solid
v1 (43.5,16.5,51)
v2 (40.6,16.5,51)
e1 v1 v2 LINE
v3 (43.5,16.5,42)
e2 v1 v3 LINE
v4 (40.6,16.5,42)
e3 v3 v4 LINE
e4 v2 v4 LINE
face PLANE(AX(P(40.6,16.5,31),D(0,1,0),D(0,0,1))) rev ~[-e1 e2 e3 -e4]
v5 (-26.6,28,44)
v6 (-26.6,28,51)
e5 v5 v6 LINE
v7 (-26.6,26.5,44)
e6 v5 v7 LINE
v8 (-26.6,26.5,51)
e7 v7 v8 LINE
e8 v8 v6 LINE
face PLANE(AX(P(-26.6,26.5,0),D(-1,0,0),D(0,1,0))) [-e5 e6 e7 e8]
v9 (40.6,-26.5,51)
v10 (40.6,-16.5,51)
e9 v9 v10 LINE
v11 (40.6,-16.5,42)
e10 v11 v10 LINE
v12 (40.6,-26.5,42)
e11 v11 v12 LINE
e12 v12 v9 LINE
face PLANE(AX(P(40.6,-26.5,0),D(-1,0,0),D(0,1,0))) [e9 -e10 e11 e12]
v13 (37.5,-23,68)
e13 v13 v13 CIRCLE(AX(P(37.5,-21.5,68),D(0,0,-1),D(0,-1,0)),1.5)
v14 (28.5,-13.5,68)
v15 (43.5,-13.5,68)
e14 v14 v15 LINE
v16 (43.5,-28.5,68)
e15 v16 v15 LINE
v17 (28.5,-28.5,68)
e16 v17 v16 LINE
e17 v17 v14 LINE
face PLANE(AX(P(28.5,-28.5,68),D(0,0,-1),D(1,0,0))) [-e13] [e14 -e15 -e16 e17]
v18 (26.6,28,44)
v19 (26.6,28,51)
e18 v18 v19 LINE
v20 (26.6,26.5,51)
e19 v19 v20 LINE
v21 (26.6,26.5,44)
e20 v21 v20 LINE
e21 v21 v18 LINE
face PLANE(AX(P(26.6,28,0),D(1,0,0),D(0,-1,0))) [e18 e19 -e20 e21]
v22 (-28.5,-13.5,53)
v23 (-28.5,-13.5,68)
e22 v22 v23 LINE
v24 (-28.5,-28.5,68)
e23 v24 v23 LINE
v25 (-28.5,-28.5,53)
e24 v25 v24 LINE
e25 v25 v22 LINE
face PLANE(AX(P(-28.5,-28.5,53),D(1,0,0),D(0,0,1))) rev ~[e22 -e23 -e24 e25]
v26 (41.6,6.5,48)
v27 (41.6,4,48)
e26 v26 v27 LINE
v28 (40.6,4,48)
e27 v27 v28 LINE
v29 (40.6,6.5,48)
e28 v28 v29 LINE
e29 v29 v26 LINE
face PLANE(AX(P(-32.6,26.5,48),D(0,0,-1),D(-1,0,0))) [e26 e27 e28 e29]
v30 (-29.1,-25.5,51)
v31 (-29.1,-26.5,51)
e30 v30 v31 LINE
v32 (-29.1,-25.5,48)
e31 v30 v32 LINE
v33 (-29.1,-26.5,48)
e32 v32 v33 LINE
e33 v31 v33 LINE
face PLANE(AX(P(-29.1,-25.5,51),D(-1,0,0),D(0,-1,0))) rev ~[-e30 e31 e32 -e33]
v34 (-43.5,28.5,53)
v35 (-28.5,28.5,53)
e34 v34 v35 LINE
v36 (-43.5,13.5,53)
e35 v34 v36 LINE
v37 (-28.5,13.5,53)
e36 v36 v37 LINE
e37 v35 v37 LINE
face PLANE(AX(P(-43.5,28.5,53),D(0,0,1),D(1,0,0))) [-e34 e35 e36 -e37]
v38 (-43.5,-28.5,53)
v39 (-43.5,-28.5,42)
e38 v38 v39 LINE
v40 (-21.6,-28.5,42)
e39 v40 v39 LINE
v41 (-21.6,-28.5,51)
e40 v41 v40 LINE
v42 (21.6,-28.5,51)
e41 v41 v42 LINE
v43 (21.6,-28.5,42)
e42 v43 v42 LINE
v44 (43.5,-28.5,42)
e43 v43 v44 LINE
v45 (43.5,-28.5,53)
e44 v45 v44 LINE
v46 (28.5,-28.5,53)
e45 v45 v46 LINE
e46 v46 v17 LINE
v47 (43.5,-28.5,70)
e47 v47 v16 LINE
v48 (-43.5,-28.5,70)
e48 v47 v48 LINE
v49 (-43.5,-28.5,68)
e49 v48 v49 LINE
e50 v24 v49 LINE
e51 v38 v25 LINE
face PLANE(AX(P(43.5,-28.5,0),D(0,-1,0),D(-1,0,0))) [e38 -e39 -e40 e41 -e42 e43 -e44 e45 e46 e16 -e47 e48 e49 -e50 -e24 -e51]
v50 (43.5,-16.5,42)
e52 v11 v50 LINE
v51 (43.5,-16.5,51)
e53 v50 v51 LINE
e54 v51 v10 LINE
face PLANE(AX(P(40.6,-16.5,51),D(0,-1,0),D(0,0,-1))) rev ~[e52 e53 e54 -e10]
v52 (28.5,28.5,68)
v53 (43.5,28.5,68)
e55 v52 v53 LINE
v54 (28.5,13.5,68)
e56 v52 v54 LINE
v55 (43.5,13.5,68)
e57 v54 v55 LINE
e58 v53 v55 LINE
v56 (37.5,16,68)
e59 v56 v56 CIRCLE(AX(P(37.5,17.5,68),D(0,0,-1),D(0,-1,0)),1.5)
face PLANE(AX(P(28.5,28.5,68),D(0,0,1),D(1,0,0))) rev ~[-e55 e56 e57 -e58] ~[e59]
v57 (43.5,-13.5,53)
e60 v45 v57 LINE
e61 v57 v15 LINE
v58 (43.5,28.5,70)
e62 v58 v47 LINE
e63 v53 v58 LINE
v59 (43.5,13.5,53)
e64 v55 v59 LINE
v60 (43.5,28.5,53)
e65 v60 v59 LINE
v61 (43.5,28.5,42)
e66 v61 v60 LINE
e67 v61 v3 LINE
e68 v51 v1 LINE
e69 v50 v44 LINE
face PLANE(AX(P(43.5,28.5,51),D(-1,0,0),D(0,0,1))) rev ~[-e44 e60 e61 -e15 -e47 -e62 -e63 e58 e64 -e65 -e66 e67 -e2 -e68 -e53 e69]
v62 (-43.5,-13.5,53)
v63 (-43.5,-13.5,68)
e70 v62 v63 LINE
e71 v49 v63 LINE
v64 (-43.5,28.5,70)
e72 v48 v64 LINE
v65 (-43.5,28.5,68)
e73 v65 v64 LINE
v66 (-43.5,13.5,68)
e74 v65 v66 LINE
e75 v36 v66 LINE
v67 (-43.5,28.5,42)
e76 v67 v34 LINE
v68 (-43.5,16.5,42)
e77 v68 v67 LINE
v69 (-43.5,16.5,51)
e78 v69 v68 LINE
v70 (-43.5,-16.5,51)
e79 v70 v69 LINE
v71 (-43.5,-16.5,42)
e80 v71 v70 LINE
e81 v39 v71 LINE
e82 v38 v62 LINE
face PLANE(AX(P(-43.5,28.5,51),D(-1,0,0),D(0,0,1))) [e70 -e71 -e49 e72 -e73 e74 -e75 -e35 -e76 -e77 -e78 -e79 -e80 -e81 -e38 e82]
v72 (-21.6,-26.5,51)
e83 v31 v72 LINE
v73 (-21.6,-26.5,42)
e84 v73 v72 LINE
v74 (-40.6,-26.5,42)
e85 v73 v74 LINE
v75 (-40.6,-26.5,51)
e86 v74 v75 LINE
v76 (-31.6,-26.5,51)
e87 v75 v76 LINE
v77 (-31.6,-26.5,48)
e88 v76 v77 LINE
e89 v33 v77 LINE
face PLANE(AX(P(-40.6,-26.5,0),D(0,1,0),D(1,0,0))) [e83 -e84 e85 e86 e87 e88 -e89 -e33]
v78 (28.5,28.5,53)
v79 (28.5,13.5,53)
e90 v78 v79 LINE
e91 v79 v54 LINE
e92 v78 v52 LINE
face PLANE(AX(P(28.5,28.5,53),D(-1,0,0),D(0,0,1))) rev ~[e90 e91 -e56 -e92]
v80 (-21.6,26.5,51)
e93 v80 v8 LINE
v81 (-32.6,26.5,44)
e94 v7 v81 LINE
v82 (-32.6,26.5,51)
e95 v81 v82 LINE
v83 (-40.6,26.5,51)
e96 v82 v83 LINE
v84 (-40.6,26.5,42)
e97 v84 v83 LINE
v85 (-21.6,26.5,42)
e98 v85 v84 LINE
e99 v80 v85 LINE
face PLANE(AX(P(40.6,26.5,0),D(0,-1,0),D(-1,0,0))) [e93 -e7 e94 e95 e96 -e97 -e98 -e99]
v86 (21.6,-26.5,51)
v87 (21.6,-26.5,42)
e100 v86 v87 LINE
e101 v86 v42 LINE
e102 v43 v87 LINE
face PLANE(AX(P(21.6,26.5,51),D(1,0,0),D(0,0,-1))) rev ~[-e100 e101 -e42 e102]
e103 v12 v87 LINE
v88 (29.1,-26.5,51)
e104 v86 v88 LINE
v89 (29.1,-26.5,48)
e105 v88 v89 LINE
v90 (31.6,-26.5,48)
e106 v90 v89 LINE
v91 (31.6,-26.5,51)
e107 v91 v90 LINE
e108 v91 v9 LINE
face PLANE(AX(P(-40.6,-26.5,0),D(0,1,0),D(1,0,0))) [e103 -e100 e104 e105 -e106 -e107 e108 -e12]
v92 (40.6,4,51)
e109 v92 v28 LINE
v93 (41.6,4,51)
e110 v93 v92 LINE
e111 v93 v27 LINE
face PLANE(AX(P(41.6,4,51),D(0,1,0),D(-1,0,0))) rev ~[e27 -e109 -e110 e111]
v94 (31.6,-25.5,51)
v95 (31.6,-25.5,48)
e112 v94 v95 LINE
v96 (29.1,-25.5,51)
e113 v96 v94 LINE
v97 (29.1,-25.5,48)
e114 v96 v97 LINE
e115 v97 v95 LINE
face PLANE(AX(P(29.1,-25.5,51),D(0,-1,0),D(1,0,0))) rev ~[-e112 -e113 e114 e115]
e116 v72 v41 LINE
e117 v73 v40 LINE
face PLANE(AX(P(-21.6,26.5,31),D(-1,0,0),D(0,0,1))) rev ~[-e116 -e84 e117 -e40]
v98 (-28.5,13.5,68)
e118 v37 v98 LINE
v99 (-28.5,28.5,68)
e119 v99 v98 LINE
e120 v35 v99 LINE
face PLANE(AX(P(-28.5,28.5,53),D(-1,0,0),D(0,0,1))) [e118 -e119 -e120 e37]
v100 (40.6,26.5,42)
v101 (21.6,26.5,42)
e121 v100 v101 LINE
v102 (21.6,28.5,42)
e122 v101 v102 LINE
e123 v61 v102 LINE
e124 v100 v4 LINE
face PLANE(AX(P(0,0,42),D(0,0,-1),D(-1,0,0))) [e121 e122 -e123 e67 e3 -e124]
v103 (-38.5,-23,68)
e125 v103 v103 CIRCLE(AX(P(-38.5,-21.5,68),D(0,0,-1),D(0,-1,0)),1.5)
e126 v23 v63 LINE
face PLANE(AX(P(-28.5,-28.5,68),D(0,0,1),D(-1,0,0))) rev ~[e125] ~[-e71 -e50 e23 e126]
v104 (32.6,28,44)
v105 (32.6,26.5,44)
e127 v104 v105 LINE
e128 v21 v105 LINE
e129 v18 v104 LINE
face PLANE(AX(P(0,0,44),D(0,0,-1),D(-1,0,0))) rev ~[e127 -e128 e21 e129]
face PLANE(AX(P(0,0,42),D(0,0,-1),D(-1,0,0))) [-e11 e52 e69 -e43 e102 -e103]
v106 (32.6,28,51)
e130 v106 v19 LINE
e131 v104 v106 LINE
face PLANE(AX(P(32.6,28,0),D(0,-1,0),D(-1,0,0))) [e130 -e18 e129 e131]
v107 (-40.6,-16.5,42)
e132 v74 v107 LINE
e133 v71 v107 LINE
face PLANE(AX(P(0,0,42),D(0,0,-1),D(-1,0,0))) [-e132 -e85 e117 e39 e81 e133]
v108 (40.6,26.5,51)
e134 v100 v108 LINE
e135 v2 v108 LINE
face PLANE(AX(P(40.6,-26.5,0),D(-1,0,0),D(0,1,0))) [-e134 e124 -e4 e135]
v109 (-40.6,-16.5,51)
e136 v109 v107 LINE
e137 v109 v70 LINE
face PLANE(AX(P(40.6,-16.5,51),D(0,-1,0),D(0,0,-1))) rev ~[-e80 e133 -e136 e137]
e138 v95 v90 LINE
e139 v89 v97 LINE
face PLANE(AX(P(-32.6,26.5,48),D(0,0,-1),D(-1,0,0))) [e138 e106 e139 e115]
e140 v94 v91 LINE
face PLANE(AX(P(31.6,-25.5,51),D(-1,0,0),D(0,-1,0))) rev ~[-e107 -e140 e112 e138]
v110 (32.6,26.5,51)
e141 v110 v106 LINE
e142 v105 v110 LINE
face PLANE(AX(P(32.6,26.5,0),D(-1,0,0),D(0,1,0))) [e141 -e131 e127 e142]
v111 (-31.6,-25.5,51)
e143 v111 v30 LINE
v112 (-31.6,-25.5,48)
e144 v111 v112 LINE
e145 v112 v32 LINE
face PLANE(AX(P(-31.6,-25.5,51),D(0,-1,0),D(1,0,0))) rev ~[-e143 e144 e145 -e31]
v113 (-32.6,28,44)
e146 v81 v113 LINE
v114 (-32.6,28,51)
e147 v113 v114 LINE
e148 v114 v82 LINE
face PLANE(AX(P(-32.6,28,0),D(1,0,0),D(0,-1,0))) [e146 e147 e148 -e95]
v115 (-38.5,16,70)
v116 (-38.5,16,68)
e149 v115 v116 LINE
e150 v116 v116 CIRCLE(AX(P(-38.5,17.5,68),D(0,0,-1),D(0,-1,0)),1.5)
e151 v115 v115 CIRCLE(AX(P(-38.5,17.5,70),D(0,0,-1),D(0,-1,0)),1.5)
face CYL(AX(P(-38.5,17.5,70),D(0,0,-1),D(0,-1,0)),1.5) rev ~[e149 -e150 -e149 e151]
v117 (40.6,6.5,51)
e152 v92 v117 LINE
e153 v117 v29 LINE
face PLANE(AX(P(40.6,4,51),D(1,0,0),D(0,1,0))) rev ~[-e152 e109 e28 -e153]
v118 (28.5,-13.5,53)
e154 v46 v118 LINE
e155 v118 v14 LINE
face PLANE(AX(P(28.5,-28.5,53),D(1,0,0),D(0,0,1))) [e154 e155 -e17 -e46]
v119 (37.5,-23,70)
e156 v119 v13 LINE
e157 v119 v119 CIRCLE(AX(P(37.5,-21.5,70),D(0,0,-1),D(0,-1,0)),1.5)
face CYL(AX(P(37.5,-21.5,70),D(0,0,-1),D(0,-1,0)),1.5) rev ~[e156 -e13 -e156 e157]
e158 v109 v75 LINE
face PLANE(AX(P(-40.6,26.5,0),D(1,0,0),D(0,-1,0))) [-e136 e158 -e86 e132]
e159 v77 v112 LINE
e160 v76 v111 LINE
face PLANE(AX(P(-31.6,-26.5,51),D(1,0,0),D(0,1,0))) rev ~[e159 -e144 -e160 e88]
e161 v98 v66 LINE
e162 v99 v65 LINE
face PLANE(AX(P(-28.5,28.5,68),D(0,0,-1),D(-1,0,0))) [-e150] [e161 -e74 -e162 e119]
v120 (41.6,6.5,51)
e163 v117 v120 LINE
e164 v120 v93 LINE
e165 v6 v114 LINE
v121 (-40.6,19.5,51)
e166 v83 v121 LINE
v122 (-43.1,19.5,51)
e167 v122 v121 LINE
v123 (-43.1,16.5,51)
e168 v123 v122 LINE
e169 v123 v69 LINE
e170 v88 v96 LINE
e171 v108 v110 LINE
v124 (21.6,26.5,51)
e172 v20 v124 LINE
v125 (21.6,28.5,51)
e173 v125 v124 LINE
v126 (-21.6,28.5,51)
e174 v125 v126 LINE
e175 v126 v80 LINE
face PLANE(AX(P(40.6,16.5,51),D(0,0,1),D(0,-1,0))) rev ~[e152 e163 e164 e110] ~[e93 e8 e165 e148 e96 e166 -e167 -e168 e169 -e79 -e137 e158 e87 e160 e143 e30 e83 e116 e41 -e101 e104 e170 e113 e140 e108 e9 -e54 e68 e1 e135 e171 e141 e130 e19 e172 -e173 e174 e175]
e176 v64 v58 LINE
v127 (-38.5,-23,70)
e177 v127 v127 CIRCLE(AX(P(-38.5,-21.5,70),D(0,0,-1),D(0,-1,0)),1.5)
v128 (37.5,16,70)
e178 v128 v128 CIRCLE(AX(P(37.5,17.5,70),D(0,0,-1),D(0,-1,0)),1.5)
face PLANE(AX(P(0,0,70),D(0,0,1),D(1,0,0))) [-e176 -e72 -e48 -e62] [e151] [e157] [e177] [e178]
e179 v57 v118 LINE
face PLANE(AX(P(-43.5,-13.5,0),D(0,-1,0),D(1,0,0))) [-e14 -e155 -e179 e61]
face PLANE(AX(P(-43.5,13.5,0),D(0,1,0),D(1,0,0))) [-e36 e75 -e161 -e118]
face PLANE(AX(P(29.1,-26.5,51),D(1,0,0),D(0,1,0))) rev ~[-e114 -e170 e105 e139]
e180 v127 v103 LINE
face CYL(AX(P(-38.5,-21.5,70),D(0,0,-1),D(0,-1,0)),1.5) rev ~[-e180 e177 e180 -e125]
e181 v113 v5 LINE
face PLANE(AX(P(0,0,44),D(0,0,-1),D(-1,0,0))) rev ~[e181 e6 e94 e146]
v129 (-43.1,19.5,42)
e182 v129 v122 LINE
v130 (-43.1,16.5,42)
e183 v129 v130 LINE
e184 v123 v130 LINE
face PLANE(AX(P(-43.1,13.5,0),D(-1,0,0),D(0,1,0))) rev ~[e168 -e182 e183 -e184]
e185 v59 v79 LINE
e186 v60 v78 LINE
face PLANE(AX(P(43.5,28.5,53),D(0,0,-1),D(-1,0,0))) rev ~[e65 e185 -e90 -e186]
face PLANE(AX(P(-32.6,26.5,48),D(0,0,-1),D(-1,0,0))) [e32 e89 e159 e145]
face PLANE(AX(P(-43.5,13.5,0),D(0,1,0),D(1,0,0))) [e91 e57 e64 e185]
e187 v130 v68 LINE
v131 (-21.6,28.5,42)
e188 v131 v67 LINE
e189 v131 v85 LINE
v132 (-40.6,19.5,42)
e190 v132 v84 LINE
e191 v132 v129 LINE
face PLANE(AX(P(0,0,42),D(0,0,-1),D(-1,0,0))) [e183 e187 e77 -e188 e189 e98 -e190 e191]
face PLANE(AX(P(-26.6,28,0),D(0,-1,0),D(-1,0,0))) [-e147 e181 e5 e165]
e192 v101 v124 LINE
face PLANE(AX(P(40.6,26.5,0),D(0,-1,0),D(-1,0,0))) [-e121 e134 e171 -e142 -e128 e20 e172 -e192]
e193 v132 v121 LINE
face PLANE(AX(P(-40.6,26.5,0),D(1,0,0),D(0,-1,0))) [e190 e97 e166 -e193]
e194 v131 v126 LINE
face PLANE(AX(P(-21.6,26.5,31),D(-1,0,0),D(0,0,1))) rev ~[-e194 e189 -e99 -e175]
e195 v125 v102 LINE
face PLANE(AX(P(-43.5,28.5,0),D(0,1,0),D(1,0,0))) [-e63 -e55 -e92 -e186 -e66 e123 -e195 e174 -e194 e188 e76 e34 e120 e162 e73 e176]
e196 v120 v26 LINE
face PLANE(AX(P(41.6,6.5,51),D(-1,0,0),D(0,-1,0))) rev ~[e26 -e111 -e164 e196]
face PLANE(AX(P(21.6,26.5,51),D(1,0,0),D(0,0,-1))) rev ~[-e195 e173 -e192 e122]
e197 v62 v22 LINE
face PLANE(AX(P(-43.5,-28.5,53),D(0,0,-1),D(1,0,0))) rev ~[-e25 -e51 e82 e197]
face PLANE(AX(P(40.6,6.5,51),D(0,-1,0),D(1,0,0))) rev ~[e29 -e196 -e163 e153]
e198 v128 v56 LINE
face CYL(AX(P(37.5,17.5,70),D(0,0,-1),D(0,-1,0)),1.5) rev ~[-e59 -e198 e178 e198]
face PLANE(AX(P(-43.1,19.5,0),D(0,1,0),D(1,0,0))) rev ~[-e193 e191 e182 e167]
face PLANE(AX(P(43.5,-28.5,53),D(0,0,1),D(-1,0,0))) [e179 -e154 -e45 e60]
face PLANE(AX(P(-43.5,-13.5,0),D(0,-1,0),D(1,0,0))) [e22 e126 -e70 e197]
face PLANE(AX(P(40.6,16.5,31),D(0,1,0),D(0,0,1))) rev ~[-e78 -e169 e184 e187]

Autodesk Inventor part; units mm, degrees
ref_plane "YZ Plane" through (0, 0, 0) normal (1, 0, 0) x (0, 1, 0)
ref_plane "XZ Plane" through (0, 0, 0) normal (0, 1, 0) x (-1, 0, 0)
ref_plane "XY Plane" through (0, 0, 0) normal (0, 0, 1) x (1, 0, 0)
sketch "スケッチ3" plane through (0, 0, 0) normal (0, 0, 1) x (1, 0, 0)
  line L0 (43.5, -28.5) -> (-43.5, -28.5)
  line L1 (-43.5, -28.5) -> (-43.5, 28.5)
  line L2 (-43.5, 28.5) -> (43.5, 28.5)
  line L3 (43.5, 28.5) -> (43.5, -28.5)
  line L4 (43.5, -28.5) -> (-43.5, 28.5) construction
  line L5 (-43.5, -28.5) -> (43.5, 28.5) construction
  point P0 (0, 0)
  dimension "d4" = 57
  dimension "d5" = 87
extrude "枠" add sketch "スケッチ3" along normal blind 70
sketch "スケッチ4" plane through (0, 0, 0) normal (0, 0, -1) x (-1, 0, 0)
  line L0 (40.6, -26.5) -> (-40.6, -26.5)
  line L1 (-40.6, -26.5) -> (-40.6, 26.5)
  line L2 (-40.6, 26.5) -> (40.6, 26.5)
  line L3 (40.6, 26.5) -> (40.6, -26.5)
  line L4 (40.6, -26.5) -> (-40.6, 26.5) construction
  line L5 (-40.6, -26.5) -> (40.6, 26.5) construction
  point P0 (0, 0)
  dimension "d8" = 81.2
  dimension "d9" = 53
extrude "本体" cut sketch "スケッチ4" against normal blind 56
sketch "スケッチ5" plane through (-43.5, 28.5, 0) normal (0, 1, 0) x (1, 0, 0)
  line L0 (0, 0) -> (0, -70) projected
  line L1 (87, 0) -> (87, -70) projected
  line L2 (0, -51) -> (87, -51)
  line L3 (87, -51) -> (87, -55)
  line L4 (87, -55) -> (0, -55)
  line L5 (0, -55) -> (0, -51)
  line L6 (87, -70) -> (0, -70) projected
  point P0 (43.5, 0)
  dimension "d12" = 15
  dimension "d13" = 4
extrude "台" add sketch "スケッチ5" against normal blind 55 contours L2 L1 L4 L0
sketch "スケッチ6" plane through (0, 0, 0) normal (0, 0, -1) x (-1, 0, 0)
  line L0 (40.6, -26.5) -> (40.6, 26.5) projected
  line L1 (43.1, 19.5) -> (40.6, 19.5)
  line L2 (40.6, 19.5) -> (40.6, 13.5)
  line L3 (40.6, 13.5) -> (43.1, 13.5)
  line L4 (43.1, 13.5) -> (43.1, 19.5)
  line L5 (40.6, 26.5) -> (-40.6, 26.5) projected
  line L6 (32.6, 26.5) -> (26.6, 26.5)
  line L7 (26.6, 26.5) -> (26.6, 28)
  line L8 (26.6, 28) -> (32.6, 28)
  line L9 (32.6, 28) -> (32.6, 26.5)
  line L10 (-26.6, 26.5) -> (-32.6, 26.5)
  line L11 (-32.6, 26.5) -> (-32.6, 28)
  line L12 (-32.6, 28) -> (-26.6, 28)
  line L13 (-26.6, 28) -> (-26.6, 26.5)
  line L14 (-40.6, -26.5) -> (-40.6, 26.5) projected
  point P0 (0, 0)
  dimension "d16" = 2.5
  dimension "d17" = 13
  dimension "d18" = 6
  dimension "d19" = 1.5
  dimension "d20" = 8
  dimension "d21" = 6
  dimension "d22" = 1.5
  dimension "d23" = 6
  dimension "d24" = 8
extrude "溝" cut sketch "スケッチ6" against normal blind 51
sketch "スケッチ7" plane through (40.6, -26.5, 0) normal (-1, 0, 0) x (0, 0, 1)
  line L0 (51, 10) -> (31, 10)
  line L1 (31, 10) -> (31, 43)
  line L2 (31, 43) -> (51, 43)
  line L3 (51, 43) -> (51, 10)
  line L4 (51, 53) -> (0, 53) projected
  line L5 (51, 0) -> (51, 53) projected
  point P0 (0, 26.5)
  point P1 (0, 0)
  dimension "d27" = 10
  dimension "d28" = 10
  dimension "d29" = 20
  dimension "d30" = 0
extrude "USB穴" cut sketch "スケッチ7" along normal through all both and the other way through all
sketch "スケッチ8" plane through (-26.6, 26.5, 0) normal (0, -1, 0) x (1, 0, 0)
  line L0 (67.2, 51) -> (-14, 51) projected
  line L1 (48.2, 31) -> (5, 31)
  line L2 (5, 31) -> (5, 51)
  line L3 (5, 51) -> (48.2, 51)
  line L4 (48.2, 51) -> (48.2, 31)
  line L5 (53.2, 0) -> (53.2, 51) projected
  line L6 (0, 51) -> (0, 0) projected
  point P0 (26.6, 0)
  dimension "d33" = 5
  dimension "d34" = 5
  dimension "d35" = 20
extrude "ボタン押下用穴" cut sketch "スケッチ8" along normal through all both and the other way through all
sketch "su" plane through (-32.6, 26.5, 51) normal (0, 0, -1) x (-1, 0, 0)
  line L0 (-64.2, -53) -> (-61.7, -53)
  line L1 (-61.7, -53) -> (-61.7, -52)
  line L2 (-61.7, -52) -> (-64.2, -52)
  line L3 (-64.2, -52) -> (-64.2, -53)
  line L4 (-3.5, -53) -> (-1, -53)
  line L5 (-1, -53) -> (-1, -52)
  line L6 (-1, -52) -> (-3.5, -52)
  line L7 (-3.5, -52) -> (-3.5, -53)
  line L8 (-74.2, -22.5) -> (-73.2, -22.5)
  line L9 (-73.2, -22.5) -> (-73.2, -20)
  line L10 (-73.2, -20) -> (-74.2, -20)
  line L11 (-74.2, -20) -> (-74.2, -22.5)
  line L12 (-73.2, -53) -> (-73.2, -43) projected
  line L13 (8, -53) -> (-73.2, -53) projected
  line L14 (8, -13) -> (8, -53) projected
  point P0 (-32.6, -26.5)
  point P1 (-65.2, 0)
  point P2 (8, -40)
  dimension "d49" = 9
  dimension "d50" = 0
  dimension "d51" = 2.5
  dimension "d52" = 1
  dimension "d53" = 20
  dimension "d54" = 1
  dimension "d56" = 2.5
  dimension "d57" = 9
  dimension "d58" = 1
  dimension "d59" = 2.5
  dimension "d60" = 0
extrude "凸" add sketch "su" along normal blind 3
sketch "スケッチ11" plane through (0, 0, 70) normal (0, 0, 1) x (1, 0, 0)
  line L0 (43.5, -28.5) -> (-43.5, -28.5) projected
  line L1 (43.5, 28.5) -> (-43.5, 28.5) projected
  line L2 (-43.5, -28.5) -> (43.5, -28.5)
  line L3 (43.5, -28.5) -> (43.5, 28.5)
  line L4 (43.5, 28.5) -> (-43.5, 28.5)
  line L5 (-43.5, 28.5) -> (-43.5, -28.5)
  point P0 (0, 0)
extrude "底面" add sketch "スケッチ11" against normal up to surface (15 mm away)
sketch "スケッチ13" plane through (-43.5, -28.5, 0) normal (0, -1, 0) x (1, 0, 0)
  line L0 (87, 0) -> (87, 70) projected
  line L1 (87, 53) -> (72, 53)
  line L2 (72, 53) -> (72, 68)
  line L3 (72, 68) -> (87, 68)
  line L4 (87, 68) -> (87, 53)
  line L5 (0, 0) -> (0, 70) projected
  line L6 (0, 53) -> (15, 53)
  line L7 (15, 53) -> (15, 68)
  line L8 (15, 68) -> (0, 68)
  line L9 (0, 68) -> (0, 53)
  line L10 (0, 70) -> (87, 70) projected
  point P0 (43.5, 0)
  dimension "d70" = 2
  dimension "d71" = 15
  dimension "d72" = 15
  dimension "d73" = 15
extrude "ネジ止め1" cut sketch "スケッチ13" against normal blind 15
sketch "スケッチ14" plane through (-43.5, 28.5, 0) normal (0, 1, 0) x (1, 0, 0)
  line L0 (0, 0) -> (0, -70) projected
  line L1 (0, -53) -> (15, -53)
  line L2 (15, -53) -> (15, -68)
  line L3 (15, -68) -> (0, -68)
  line L4 (0, -68) -> (0, -53)
  line L5 (87, 0) -> (87, -53) projected
  line L6 (87, -53) -> (72, -53)
  line L7 (72, -53) -> (72, -68)
  line L8 (72, -68) -> (87, -68)
  line L9 (87, -68) -> (87, -53)
  line L10 (87, -70) -> (0, -70) projected
  point P0 (43.5, 0)
  dimension "d76" = 15
  dimension "d77" = 15
  dimension "d78" = 15
  dimension "d79" = 2
extrude "ネジ止め2" cut sketch "スケッチ14" against normal blind 15
sketch "スケッチ19" plane through (0, 0, 0) normal (0, 0, -1) x (-1, 0, 0)
  line L0 (-43.5, 28.5) -> (43.5, 28.5) projected
  line L1 (-43.5, -28.5) -> (-28.5, -28.5) projected
  line L2 (43.5, 28.5) -> (-43.5, 28.5)
  line L3 (-43.5, 28.5) -> (-43.5, -28.5)
  line L4 (-43.5, -28.5) -> (43.5, -28.5)
  line L5 (43.5, -28.5) -> (43.5, 28.5)
  point P0 (0, 0)
extrude "上面削り" cut sketch "スケッチ19" against normal blind 42
sketch "ネジ穴用" plane through (0, 0, 70) normal (0, 0, 1) x (1, 0, 0)
  line L0 (37.5, 17.5) -> (-38.5, 17.5)
  line L1 (-38.5, 17.5) -> (-38.5, -21.5)
  line L2 (-38.5, -21.5) -> (37.5, -21.5)
  line L3 (37.5, -21.5) -> (37.5, 17.5)
  line L4 (43.5, -28.5) -> (43.5, 28.5) projected
  line L5 (-43.5, -28.5) -> (43.5, -28.5) projected
  point P0 (0, 0)
  dimension "d100" = 39
  dimension "d101" = 76
  dimension "d102" = 6
  dimension "d103" = 7
sketch "スケッチ23" plane through (0, 0, 42) normal (0, 0, -1) x (-1, 0, 0)
  line L0 (-32.6, 26.5) -> (-32.6, 28) projected
  line L1 (-26.6, 28) -> (-26.6, 26.5) projected
  line L2 (-32.6, 28.5) -> (-26.6, 28.5)
  line L3 (-26.6, 28.5) -> (-26.6, 26.5)
  line L4 (-26.6, 26.5) -> (-32.6, 26.5)
  line L5 (-32.6, 26.5) -> (-32.6, 28.5)
  line L6 (26.6, 28) -> (26.6, 26.5) projected
  line L7 (32.6, 26.5) -> (32.6, 28) projected
  line L8 (26.6, 26.5) -> (32.6, 26.5)
  line L9 (32.6, 26.5) -> (32.6, 28.5)
  line L10 (32.6, 28.5) -> (26.6, 28.5)
  line L11 (26.6, 28.5) -> (26.6, 26.5)
  point P0 (0, 0)
  point P1 (26.6, 28.5)
extrude "押し出し18" add sketch "スケッチ23" against normal blind 2
hole "穴2" at (-38.5, -21.5, 70) at (37.5, -21.5, 70) at (37.5, 17.5, 70) at (-38.5, 17.5, 70) direction (0, 0, -1) diameter 3 depth 4 tip angle 118
properties part number "cmoda7"
